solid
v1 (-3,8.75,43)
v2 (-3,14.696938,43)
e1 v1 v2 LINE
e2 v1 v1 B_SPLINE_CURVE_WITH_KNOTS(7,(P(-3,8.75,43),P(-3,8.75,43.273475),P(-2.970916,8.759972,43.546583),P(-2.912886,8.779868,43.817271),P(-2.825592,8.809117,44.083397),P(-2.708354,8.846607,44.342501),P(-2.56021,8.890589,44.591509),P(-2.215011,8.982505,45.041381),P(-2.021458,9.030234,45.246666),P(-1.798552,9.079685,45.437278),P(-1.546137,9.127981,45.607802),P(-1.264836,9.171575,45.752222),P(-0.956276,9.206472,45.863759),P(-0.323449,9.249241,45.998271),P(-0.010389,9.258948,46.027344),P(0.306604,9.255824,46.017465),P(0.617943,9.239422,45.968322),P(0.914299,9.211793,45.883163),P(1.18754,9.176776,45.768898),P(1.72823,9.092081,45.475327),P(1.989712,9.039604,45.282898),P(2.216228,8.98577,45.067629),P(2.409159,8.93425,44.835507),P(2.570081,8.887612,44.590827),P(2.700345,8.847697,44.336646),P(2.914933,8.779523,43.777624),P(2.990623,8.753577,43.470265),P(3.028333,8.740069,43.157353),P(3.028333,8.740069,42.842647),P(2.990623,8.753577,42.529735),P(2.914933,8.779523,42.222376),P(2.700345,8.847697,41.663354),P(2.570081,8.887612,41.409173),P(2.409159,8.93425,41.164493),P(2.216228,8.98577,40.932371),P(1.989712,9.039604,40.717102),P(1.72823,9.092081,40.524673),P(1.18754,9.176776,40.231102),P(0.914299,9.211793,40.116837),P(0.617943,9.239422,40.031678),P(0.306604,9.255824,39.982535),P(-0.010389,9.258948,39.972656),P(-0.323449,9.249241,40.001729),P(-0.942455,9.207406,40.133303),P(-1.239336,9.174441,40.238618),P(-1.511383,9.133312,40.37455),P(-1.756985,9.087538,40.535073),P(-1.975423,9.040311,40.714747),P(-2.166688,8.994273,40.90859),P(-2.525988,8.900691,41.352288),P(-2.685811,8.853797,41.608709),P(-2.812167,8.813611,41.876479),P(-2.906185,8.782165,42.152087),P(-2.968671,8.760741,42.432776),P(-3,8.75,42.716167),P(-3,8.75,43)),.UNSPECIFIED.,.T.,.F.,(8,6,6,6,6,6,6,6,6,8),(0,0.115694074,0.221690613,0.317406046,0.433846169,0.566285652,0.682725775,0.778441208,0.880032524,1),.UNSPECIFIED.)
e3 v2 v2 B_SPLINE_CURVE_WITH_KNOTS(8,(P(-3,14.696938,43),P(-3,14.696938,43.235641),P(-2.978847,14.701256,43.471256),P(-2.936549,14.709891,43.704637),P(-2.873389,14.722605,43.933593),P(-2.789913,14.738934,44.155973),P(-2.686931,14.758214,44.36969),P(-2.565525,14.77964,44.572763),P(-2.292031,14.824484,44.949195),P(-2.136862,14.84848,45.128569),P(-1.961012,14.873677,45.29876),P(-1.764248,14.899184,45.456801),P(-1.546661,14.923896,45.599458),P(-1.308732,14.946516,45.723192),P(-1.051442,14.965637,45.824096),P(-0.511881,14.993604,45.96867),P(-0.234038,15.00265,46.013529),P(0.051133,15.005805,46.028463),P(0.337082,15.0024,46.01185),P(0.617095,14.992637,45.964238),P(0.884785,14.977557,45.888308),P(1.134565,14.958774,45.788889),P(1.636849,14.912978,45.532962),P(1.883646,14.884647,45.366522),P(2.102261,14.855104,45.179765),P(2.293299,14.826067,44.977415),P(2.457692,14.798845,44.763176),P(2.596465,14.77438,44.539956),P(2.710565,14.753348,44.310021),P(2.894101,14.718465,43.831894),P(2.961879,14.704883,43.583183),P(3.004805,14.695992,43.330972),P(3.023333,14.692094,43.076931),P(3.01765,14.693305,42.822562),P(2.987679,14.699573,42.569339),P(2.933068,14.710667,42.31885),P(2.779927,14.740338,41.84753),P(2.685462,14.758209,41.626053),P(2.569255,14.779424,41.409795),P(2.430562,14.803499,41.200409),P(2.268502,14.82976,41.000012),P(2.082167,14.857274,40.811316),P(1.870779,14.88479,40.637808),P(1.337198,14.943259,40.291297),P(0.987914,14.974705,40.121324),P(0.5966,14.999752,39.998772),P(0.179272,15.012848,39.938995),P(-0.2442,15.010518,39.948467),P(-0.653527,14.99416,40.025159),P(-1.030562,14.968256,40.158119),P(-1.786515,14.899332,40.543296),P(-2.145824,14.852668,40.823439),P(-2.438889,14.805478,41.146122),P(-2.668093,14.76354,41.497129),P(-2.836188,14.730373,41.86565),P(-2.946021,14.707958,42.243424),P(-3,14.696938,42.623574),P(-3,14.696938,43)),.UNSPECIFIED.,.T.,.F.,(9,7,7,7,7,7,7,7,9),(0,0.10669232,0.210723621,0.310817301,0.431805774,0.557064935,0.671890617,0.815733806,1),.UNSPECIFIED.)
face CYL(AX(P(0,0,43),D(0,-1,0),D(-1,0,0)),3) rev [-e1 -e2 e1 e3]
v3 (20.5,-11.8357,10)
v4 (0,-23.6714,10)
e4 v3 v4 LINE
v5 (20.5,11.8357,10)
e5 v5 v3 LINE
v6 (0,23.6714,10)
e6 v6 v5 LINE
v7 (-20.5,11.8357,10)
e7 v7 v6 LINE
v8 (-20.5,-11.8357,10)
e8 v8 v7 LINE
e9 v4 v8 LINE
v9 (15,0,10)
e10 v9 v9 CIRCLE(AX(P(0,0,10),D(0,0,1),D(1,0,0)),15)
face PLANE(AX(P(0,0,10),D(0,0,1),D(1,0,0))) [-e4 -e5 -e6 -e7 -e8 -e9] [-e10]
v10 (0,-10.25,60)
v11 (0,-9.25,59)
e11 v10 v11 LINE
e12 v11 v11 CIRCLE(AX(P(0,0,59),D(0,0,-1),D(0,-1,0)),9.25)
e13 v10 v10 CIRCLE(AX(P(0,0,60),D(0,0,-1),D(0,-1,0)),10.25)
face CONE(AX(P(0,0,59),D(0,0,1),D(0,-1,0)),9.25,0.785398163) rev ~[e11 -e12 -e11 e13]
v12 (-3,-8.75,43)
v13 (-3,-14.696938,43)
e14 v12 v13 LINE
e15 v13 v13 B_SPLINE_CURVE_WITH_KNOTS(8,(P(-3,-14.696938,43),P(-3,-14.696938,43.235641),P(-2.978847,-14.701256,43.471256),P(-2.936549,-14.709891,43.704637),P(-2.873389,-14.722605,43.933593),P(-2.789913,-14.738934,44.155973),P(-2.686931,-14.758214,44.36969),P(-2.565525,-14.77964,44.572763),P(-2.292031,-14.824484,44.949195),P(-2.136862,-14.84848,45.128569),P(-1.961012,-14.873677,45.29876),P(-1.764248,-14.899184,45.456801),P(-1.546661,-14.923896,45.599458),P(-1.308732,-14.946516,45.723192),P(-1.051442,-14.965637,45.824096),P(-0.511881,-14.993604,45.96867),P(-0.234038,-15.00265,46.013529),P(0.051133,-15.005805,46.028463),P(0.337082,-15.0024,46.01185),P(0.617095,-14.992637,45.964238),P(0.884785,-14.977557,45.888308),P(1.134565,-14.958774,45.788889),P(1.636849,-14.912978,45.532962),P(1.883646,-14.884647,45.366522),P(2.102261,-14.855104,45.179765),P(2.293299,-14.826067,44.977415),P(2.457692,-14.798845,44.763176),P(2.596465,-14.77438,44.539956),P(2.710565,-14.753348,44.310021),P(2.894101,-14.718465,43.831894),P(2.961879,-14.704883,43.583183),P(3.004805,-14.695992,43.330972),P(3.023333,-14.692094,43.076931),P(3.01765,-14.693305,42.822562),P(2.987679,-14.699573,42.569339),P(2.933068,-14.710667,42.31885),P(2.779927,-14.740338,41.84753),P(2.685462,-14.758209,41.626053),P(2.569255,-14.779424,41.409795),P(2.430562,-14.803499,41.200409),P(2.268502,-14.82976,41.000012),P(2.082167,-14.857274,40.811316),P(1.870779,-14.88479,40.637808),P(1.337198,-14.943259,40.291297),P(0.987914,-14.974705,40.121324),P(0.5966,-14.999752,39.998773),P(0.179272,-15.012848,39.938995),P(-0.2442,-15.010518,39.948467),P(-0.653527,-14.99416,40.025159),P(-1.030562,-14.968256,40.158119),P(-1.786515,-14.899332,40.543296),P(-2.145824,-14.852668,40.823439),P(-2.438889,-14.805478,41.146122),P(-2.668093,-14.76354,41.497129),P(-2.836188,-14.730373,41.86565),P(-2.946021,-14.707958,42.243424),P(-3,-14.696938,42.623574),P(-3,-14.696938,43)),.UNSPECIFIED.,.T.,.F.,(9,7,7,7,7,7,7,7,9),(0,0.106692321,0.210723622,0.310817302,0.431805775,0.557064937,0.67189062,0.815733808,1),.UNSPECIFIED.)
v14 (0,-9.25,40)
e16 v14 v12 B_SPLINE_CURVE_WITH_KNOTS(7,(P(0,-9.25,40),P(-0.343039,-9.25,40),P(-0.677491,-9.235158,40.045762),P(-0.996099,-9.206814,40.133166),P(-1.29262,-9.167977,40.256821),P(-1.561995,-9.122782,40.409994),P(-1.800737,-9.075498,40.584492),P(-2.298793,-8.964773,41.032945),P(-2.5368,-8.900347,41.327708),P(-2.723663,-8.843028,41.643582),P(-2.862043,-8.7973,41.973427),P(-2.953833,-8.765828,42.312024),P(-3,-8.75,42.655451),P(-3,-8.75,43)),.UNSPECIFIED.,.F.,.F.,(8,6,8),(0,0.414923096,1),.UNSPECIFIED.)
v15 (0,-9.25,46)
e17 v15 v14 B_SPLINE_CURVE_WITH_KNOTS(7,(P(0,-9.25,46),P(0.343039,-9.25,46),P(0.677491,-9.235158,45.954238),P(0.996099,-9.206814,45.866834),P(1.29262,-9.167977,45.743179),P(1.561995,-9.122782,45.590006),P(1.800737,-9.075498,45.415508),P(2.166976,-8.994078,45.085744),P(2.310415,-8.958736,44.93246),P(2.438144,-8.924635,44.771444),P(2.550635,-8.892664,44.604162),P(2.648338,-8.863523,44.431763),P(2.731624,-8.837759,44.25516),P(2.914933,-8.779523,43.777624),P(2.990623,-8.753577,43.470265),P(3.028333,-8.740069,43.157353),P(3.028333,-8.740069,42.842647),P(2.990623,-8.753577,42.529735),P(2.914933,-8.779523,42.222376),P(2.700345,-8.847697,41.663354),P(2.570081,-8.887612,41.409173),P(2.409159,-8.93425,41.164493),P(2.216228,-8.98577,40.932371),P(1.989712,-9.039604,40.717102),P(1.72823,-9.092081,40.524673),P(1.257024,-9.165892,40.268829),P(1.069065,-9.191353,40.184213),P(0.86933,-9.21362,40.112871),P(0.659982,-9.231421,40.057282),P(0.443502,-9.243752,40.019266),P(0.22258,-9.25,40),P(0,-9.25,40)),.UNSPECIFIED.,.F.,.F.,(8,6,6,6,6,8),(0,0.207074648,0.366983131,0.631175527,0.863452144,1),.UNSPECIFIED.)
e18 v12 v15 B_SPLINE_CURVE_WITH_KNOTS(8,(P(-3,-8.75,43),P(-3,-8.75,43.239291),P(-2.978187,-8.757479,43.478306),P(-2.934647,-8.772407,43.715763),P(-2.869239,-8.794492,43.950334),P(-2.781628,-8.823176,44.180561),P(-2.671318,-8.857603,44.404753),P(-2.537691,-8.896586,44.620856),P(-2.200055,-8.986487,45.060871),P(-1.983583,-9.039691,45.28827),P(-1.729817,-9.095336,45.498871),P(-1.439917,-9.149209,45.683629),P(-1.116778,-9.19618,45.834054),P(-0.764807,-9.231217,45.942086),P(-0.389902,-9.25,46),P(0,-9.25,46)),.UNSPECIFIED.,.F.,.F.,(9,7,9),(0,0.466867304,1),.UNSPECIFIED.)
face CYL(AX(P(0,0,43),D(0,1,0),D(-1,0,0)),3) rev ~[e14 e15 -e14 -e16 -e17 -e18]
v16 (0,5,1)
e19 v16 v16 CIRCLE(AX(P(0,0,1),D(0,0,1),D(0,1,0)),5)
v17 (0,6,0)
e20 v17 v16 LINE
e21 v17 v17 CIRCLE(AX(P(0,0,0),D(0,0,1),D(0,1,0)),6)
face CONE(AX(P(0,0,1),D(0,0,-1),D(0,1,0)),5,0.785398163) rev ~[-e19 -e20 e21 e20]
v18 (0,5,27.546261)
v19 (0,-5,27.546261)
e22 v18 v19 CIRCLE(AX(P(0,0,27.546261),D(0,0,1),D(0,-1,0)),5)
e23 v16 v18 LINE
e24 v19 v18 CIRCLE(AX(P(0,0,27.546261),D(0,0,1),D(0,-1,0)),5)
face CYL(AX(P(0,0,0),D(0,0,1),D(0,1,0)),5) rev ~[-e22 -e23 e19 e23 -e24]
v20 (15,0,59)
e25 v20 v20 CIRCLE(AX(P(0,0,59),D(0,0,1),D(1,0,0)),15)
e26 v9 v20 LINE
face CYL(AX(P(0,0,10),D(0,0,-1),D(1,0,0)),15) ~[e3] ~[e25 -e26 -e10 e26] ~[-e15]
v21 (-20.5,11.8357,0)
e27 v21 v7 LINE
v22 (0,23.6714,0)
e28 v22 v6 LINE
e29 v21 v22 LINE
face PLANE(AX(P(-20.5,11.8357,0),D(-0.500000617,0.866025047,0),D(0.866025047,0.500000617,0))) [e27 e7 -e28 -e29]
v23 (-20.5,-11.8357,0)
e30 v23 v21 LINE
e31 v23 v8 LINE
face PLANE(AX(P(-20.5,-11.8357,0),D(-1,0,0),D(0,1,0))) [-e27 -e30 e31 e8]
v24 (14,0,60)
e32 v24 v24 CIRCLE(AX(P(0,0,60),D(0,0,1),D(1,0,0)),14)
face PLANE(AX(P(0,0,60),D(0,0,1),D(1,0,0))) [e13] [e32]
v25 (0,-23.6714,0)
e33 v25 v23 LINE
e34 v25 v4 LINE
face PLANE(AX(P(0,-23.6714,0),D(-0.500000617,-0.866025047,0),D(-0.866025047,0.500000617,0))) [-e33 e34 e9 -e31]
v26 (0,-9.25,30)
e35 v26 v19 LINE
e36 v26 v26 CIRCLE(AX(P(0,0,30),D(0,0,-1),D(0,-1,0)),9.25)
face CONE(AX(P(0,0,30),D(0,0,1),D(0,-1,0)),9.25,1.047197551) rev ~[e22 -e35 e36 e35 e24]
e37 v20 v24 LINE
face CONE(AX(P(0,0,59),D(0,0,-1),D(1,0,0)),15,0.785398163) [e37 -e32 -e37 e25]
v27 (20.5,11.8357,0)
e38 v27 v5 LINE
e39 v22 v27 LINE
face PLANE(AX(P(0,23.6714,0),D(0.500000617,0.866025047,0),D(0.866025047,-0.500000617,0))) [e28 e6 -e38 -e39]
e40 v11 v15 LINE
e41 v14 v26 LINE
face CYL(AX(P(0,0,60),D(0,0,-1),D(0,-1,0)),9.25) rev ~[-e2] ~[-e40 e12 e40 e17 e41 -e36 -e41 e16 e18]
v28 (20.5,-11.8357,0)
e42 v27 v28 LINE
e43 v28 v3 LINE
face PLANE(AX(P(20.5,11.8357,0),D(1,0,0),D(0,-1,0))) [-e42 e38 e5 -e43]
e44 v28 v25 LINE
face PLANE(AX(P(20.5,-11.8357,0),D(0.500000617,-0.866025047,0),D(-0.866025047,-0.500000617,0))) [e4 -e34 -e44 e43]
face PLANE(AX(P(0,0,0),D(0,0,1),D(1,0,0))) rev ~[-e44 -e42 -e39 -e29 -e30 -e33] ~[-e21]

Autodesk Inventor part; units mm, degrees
ref_plane "YZ Plane" through (0, 0, 0) normal (1, 0, 0) x (0, 1, 0)
ref_plane "XZ Plane" through (0, 0, 0) normal (0, 1, 0) x (-1, 0, 0)
ref_plane "XY Plane" through (0, 0, 0) normal (0, 0, 1) x (1, 0, 0)
sketch "Эскиз1" plane through (0, 0, 0) normal (0, 0, 1) x (1, 0, 0)
  line L0 (0, 23.6714) -> (20.5, 11.8357)
  line L1 (20.5, 11.8357) -> (20.5, -11.8357)
  line L2 (20.5, -11.8357) -> (0, -23.6714)
  line L3 (0, -23.6714) -> (-20.5, -11.8357)
  line L4 (-20.5, -11.8357) -> (-20.5, 11.8357)
  line L5 (-20.5, 11.8357) -> (0, 23.6714)
  point P0 (0, 0)
  point P1 (0, 0)
  dimension "d27" = 41
extrude "Выдавливание1" add sketch "Эскиз1" along normal blind 10
sketch "Эскиз2" plane through (0, 0, 10) normal (0, 0, 1) x (1, 0, 0)
  circle A0 centre (0, 0) radius 15
  dimension "d3" = 30
extrude "Выдавливание2" add sketch "Эскиз2" along normal blind 50
sketch "Эскиз3" plane through (0, 0, 60) normal (0, 0, 1) x (1, 0, 0)
  point P0 (0, 0)
  point P1 (0, 0)
hole "Отверстие1" at (0, 0, 60) direction (0, 0, -1) diameter 18.5 depth 30 tip angle 120
sketch "Эскиз4" plane through (0, 0, 0) normal (0, 0, -1) x (-1, 0, 0)
  point P0 (0, 0)
  point P1 (0, 0)
hole "Отверстие2" at (0, 0, 0) direction (0, 0, 1) diameter 10 end through all
sketch "Эскиз5" plane through (0, 0, 0) normal (0, 1, 0) x (-1, 0, 0)
  circle A0 centre (0, 43) radius 3
  line L0 (15, 60) -> (-15, 60) projected
  point P0 (0, 0)
  dimension "d20" = 6
  dimension "d21" = 17
extrude "Выдавливание3" cut sketch "Эскиз5" along normal through all both and the other way through all
chamfer "Фаска1" distance 1 angle 45 3 edges at (0, 9.25, 60) (-15, 0, 60) (0, -5, 0)
properties part number "И7-22"
